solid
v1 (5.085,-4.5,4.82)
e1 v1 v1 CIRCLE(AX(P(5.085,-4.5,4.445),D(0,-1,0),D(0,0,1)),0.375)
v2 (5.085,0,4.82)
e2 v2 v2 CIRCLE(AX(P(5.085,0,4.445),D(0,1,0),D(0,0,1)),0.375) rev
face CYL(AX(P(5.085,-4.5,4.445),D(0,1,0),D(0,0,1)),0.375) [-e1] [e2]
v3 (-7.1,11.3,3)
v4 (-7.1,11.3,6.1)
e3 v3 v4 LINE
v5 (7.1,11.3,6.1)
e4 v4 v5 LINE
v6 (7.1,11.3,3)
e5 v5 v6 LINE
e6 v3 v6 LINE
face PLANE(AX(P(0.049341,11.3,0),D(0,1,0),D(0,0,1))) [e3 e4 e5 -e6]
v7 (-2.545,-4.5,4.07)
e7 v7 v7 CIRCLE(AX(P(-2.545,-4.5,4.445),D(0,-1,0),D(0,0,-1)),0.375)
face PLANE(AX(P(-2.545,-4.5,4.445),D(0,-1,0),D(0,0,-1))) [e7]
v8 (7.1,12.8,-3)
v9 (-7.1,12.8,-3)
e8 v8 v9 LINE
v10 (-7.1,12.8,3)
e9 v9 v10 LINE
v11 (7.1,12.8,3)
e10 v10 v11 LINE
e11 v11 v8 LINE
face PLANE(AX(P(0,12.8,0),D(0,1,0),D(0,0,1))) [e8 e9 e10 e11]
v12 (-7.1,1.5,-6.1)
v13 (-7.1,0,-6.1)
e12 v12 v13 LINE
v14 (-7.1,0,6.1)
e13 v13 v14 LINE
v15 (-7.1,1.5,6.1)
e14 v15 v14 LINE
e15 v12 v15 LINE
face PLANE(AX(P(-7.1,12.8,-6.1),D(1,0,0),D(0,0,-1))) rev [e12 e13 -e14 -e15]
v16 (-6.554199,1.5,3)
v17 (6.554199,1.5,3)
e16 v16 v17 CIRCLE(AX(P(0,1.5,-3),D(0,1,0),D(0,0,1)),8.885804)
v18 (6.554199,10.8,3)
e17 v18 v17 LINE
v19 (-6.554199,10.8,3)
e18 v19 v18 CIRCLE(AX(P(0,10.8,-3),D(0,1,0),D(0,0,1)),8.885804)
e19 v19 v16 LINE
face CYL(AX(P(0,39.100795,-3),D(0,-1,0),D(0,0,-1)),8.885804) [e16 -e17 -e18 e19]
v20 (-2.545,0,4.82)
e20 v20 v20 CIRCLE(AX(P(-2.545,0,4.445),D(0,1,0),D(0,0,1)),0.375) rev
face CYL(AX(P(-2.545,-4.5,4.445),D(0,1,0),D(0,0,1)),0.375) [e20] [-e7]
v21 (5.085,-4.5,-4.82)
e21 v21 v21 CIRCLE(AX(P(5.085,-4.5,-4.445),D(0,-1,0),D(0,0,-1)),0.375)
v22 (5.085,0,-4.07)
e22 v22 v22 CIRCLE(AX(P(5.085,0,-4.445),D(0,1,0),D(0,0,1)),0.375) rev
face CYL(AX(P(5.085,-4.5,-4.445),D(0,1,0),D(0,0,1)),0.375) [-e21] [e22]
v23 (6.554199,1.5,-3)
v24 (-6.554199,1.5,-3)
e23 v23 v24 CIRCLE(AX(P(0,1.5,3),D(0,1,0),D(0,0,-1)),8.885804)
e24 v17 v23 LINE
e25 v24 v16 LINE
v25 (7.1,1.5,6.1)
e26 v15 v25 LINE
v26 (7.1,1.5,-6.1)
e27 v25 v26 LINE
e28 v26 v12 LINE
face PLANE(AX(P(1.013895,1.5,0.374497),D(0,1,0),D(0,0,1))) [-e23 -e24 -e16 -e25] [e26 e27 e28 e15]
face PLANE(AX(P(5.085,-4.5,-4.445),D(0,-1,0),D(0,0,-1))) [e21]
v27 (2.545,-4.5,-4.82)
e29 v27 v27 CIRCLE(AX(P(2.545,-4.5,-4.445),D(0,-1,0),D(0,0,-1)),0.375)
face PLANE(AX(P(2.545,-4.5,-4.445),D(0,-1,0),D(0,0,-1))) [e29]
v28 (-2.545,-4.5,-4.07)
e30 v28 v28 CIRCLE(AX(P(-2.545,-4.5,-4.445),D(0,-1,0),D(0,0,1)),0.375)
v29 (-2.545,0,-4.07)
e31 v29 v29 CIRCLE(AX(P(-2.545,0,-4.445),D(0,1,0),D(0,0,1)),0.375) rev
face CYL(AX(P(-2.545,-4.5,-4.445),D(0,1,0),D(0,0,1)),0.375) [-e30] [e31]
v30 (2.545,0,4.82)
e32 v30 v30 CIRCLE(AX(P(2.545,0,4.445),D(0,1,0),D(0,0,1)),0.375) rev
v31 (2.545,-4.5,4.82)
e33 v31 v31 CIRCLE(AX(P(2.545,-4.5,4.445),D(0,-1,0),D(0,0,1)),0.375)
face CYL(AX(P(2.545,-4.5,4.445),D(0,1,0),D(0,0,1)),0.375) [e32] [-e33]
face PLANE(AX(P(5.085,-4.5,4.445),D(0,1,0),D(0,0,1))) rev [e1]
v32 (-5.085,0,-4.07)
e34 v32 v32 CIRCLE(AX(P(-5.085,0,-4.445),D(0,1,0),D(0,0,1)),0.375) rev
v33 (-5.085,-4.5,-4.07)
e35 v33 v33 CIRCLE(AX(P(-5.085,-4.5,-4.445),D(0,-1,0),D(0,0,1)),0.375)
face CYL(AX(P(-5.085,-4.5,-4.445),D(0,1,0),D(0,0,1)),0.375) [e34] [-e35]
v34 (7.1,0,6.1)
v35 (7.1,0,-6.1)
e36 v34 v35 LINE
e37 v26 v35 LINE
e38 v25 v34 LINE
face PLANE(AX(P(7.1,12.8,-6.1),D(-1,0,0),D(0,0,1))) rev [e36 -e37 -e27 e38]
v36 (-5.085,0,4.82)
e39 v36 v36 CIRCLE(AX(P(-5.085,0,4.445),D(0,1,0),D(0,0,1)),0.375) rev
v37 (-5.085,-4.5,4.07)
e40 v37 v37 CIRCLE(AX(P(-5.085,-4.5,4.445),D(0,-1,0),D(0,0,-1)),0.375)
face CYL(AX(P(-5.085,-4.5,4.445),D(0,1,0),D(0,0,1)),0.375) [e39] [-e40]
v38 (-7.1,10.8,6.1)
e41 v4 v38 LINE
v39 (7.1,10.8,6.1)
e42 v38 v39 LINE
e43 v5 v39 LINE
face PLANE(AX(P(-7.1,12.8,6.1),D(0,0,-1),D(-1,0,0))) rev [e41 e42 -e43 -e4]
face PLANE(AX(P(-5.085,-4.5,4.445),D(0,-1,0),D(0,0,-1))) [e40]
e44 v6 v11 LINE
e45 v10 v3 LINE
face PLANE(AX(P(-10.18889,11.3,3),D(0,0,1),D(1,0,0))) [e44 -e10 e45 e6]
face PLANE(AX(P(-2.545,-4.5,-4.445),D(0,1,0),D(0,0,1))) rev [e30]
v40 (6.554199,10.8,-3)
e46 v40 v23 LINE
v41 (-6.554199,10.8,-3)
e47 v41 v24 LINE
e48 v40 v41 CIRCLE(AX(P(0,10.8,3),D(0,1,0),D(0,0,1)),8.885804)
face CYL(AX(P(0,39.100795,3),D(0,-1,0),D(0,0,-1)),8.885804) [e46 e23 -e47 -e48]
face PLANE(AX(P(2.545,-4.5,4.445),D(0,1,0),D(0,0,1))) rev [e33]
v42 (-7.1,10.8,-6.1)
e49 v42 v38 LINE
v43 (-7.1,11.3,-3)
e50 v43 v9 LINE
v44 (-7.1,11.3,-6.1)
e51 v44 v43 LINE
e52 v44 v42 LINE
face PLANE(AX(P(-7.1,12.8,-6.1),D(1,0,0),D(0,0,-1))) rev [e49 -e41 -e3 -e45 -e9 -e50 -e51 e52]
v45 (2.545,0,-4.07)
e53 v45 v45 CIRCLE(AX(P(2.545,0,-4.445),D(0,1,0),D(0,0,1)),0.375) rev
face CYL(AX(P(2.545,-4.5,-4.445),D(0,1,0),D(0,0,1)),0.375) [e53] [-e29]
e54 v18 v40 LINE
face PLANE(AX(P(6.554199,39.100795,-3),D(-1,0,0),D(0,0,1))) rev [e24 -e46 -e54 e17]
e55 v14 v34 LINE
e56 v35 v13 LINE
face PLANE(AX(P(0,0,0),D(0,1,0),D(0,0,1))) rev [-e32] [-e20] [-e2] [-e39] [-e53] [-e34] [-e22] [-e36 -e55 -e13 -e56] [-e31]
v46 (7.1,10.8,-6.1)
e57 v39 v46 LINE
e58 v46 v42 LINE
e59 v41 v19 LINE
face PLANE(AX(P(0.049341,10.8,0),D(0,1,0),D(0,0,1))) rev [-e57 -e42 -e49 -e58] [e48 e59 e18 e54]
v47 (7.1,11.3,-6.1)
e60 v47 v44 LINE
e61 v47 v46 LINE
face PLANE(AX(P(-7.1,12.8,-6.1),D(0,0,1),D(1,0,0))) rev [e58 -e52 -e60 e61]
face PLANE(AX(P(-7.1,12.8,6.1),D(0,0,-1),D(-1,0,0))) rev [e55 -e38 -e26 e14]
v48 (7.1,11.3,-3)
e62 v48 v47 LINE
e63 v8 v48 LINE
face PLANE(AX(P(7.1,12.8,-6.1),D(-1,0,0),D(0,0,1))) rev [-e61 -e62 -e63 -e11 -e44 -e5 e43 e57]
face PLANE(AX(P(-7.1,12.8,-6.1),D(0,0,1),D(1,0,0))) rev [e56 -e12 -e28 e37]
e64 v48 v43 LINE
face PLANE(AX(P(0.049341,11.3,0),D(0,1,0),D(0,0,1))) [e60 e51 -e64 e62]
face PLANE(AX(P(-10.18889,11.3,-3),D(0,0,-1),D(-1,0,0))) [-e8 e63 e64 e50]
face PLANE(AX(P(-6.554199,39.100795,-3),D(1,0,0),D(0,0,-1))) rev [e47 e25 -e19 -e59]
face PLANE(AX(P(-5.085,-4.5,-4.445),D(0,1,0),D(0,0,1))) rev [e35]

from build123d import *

# Parameters (mm, degrees)
SKETCH_1_W           = 14.2
SKETCH_1_H           = 12.2
EXTRUDE_1_DEPTH      = 12.8
SKETCH_2_OUTSIDE_W   = 20.736
SKETCH_2_OUTSIDE_H   = 18.736
SKETCH_2_OUTSIDE_W_2 = 19.736348523
SKETCH_2_OUTSIDE_H_2 = 6
CUT_EXTRUDE_1_DEPTH  = 1.5
SKETCH_3_OUTSIDE_W   = 20.736
SKETCH_3_OUTSIDE_H   = 18.736
CUT_EXTRUDE_2_DEPTH  = 9.3
SKETCH_4_R           = 0.375
EXTRUDE_2_DEPTH      = 4.5


with BuildPart() as part:
    # 草图1 → 凸台-拉伸1 (new body)
    with BuildSketch(Plane(origin=(0, 0, 0), x_dir=(1, 0, 0), z_dir=(0, 1, 0))):
        Rectangle(SKETCH_1_W, SKETCH_1_H)
    extrude(amount=EXTRUDE_1_DEPTH)

    # 草图2 outside → 切除-拉伸1 (cut)
    with BuildSketch(Plane(origin=(0, 12.8, 0), x_dir=(1, 0, 0), z_dir=(0, 1, 0))):
        Rectangle(SKETCH_2_OUTSIDE_W, SKETCH_2_OUTSIDE_H)
        with Locations((-0.320715663, 0)):
            Rectangle(SKETCH_2_OUTSIDE_W_2, SKETCH_2_OUTSIDE_H_2, mode=Mode.SUBTRACT)
    extrude(amount=-CUT_EXTRUDE_1_DEPTH, mode=Mode.SUBTRACT)

    # 草图3 outside → 切除-拉伸2 (cut)
    with BuildSketch(Plane(origin=(0, 1.5, 0), x_dir=(1, 0, 0), z_dir=(0, 1, 0))):
        Rectangle(SKETCH_3_OUTSIDE_W, SKETCH_3_OUTSIDE_H)
        with BuildLine():
            Line((-6.554198564, 3), (-6.554198564, -3))
            ThreePointArc((-6.554198564, -3), (0, -5.885804343), (6.554198564, -3))
            Line((6.554198564, -3), (6.554198564, 3))
            ThreePointArc((6.554198564, 3), (0, 5.885804343), (-6.554198564, 3))
        make_face(mode=Mode.SUBTRACT)
    extrude(amount=CUT_EXTRUDE_2_DEPTH, mode=Mode.SUBTRACT)

    # 草图4 → 凸台-拉伸2 (add)
    with BuildSketch(Plane.XZ):
        with Locations(Location((-5.085, 4.445, 0), (0, 0, 90))):
            Circle(SKETCH_4_R)
        with Locations(Location((-2.545, 4.445, 0), (0, 0, 90))):
            Circle(SKETCH_4_R)
        with Locations(Location((2.545, 4.445, 0), (0, 0, 90))):
            Circle(SKETCH_4_R)
        with Locations(Location((5.085, 4.445, 0), (0, 0, 90))):
            Circle(SKETCH_4_R)
        with Locations(Location((5.085, -4.445, 0), (0, 0, 90))):
            Circle(SKETCH_4_R)
        with Locations(Location((2.545, -4.445, 0), (0, 0, 90))):
            Circle(SKETCH_4_R)
        with Locations(Location((-2.545, -4.445, 0), (0, 0, 90))):
            Circle(SKETCH_4_R)
        with Locations(Location((-5.085, -4.445, 0), (0, 0, 90))):
            Circle(SKETCH_4_R)
    extrude(amount=EXTRUDE_2_DEPTH)


solid = part.part
